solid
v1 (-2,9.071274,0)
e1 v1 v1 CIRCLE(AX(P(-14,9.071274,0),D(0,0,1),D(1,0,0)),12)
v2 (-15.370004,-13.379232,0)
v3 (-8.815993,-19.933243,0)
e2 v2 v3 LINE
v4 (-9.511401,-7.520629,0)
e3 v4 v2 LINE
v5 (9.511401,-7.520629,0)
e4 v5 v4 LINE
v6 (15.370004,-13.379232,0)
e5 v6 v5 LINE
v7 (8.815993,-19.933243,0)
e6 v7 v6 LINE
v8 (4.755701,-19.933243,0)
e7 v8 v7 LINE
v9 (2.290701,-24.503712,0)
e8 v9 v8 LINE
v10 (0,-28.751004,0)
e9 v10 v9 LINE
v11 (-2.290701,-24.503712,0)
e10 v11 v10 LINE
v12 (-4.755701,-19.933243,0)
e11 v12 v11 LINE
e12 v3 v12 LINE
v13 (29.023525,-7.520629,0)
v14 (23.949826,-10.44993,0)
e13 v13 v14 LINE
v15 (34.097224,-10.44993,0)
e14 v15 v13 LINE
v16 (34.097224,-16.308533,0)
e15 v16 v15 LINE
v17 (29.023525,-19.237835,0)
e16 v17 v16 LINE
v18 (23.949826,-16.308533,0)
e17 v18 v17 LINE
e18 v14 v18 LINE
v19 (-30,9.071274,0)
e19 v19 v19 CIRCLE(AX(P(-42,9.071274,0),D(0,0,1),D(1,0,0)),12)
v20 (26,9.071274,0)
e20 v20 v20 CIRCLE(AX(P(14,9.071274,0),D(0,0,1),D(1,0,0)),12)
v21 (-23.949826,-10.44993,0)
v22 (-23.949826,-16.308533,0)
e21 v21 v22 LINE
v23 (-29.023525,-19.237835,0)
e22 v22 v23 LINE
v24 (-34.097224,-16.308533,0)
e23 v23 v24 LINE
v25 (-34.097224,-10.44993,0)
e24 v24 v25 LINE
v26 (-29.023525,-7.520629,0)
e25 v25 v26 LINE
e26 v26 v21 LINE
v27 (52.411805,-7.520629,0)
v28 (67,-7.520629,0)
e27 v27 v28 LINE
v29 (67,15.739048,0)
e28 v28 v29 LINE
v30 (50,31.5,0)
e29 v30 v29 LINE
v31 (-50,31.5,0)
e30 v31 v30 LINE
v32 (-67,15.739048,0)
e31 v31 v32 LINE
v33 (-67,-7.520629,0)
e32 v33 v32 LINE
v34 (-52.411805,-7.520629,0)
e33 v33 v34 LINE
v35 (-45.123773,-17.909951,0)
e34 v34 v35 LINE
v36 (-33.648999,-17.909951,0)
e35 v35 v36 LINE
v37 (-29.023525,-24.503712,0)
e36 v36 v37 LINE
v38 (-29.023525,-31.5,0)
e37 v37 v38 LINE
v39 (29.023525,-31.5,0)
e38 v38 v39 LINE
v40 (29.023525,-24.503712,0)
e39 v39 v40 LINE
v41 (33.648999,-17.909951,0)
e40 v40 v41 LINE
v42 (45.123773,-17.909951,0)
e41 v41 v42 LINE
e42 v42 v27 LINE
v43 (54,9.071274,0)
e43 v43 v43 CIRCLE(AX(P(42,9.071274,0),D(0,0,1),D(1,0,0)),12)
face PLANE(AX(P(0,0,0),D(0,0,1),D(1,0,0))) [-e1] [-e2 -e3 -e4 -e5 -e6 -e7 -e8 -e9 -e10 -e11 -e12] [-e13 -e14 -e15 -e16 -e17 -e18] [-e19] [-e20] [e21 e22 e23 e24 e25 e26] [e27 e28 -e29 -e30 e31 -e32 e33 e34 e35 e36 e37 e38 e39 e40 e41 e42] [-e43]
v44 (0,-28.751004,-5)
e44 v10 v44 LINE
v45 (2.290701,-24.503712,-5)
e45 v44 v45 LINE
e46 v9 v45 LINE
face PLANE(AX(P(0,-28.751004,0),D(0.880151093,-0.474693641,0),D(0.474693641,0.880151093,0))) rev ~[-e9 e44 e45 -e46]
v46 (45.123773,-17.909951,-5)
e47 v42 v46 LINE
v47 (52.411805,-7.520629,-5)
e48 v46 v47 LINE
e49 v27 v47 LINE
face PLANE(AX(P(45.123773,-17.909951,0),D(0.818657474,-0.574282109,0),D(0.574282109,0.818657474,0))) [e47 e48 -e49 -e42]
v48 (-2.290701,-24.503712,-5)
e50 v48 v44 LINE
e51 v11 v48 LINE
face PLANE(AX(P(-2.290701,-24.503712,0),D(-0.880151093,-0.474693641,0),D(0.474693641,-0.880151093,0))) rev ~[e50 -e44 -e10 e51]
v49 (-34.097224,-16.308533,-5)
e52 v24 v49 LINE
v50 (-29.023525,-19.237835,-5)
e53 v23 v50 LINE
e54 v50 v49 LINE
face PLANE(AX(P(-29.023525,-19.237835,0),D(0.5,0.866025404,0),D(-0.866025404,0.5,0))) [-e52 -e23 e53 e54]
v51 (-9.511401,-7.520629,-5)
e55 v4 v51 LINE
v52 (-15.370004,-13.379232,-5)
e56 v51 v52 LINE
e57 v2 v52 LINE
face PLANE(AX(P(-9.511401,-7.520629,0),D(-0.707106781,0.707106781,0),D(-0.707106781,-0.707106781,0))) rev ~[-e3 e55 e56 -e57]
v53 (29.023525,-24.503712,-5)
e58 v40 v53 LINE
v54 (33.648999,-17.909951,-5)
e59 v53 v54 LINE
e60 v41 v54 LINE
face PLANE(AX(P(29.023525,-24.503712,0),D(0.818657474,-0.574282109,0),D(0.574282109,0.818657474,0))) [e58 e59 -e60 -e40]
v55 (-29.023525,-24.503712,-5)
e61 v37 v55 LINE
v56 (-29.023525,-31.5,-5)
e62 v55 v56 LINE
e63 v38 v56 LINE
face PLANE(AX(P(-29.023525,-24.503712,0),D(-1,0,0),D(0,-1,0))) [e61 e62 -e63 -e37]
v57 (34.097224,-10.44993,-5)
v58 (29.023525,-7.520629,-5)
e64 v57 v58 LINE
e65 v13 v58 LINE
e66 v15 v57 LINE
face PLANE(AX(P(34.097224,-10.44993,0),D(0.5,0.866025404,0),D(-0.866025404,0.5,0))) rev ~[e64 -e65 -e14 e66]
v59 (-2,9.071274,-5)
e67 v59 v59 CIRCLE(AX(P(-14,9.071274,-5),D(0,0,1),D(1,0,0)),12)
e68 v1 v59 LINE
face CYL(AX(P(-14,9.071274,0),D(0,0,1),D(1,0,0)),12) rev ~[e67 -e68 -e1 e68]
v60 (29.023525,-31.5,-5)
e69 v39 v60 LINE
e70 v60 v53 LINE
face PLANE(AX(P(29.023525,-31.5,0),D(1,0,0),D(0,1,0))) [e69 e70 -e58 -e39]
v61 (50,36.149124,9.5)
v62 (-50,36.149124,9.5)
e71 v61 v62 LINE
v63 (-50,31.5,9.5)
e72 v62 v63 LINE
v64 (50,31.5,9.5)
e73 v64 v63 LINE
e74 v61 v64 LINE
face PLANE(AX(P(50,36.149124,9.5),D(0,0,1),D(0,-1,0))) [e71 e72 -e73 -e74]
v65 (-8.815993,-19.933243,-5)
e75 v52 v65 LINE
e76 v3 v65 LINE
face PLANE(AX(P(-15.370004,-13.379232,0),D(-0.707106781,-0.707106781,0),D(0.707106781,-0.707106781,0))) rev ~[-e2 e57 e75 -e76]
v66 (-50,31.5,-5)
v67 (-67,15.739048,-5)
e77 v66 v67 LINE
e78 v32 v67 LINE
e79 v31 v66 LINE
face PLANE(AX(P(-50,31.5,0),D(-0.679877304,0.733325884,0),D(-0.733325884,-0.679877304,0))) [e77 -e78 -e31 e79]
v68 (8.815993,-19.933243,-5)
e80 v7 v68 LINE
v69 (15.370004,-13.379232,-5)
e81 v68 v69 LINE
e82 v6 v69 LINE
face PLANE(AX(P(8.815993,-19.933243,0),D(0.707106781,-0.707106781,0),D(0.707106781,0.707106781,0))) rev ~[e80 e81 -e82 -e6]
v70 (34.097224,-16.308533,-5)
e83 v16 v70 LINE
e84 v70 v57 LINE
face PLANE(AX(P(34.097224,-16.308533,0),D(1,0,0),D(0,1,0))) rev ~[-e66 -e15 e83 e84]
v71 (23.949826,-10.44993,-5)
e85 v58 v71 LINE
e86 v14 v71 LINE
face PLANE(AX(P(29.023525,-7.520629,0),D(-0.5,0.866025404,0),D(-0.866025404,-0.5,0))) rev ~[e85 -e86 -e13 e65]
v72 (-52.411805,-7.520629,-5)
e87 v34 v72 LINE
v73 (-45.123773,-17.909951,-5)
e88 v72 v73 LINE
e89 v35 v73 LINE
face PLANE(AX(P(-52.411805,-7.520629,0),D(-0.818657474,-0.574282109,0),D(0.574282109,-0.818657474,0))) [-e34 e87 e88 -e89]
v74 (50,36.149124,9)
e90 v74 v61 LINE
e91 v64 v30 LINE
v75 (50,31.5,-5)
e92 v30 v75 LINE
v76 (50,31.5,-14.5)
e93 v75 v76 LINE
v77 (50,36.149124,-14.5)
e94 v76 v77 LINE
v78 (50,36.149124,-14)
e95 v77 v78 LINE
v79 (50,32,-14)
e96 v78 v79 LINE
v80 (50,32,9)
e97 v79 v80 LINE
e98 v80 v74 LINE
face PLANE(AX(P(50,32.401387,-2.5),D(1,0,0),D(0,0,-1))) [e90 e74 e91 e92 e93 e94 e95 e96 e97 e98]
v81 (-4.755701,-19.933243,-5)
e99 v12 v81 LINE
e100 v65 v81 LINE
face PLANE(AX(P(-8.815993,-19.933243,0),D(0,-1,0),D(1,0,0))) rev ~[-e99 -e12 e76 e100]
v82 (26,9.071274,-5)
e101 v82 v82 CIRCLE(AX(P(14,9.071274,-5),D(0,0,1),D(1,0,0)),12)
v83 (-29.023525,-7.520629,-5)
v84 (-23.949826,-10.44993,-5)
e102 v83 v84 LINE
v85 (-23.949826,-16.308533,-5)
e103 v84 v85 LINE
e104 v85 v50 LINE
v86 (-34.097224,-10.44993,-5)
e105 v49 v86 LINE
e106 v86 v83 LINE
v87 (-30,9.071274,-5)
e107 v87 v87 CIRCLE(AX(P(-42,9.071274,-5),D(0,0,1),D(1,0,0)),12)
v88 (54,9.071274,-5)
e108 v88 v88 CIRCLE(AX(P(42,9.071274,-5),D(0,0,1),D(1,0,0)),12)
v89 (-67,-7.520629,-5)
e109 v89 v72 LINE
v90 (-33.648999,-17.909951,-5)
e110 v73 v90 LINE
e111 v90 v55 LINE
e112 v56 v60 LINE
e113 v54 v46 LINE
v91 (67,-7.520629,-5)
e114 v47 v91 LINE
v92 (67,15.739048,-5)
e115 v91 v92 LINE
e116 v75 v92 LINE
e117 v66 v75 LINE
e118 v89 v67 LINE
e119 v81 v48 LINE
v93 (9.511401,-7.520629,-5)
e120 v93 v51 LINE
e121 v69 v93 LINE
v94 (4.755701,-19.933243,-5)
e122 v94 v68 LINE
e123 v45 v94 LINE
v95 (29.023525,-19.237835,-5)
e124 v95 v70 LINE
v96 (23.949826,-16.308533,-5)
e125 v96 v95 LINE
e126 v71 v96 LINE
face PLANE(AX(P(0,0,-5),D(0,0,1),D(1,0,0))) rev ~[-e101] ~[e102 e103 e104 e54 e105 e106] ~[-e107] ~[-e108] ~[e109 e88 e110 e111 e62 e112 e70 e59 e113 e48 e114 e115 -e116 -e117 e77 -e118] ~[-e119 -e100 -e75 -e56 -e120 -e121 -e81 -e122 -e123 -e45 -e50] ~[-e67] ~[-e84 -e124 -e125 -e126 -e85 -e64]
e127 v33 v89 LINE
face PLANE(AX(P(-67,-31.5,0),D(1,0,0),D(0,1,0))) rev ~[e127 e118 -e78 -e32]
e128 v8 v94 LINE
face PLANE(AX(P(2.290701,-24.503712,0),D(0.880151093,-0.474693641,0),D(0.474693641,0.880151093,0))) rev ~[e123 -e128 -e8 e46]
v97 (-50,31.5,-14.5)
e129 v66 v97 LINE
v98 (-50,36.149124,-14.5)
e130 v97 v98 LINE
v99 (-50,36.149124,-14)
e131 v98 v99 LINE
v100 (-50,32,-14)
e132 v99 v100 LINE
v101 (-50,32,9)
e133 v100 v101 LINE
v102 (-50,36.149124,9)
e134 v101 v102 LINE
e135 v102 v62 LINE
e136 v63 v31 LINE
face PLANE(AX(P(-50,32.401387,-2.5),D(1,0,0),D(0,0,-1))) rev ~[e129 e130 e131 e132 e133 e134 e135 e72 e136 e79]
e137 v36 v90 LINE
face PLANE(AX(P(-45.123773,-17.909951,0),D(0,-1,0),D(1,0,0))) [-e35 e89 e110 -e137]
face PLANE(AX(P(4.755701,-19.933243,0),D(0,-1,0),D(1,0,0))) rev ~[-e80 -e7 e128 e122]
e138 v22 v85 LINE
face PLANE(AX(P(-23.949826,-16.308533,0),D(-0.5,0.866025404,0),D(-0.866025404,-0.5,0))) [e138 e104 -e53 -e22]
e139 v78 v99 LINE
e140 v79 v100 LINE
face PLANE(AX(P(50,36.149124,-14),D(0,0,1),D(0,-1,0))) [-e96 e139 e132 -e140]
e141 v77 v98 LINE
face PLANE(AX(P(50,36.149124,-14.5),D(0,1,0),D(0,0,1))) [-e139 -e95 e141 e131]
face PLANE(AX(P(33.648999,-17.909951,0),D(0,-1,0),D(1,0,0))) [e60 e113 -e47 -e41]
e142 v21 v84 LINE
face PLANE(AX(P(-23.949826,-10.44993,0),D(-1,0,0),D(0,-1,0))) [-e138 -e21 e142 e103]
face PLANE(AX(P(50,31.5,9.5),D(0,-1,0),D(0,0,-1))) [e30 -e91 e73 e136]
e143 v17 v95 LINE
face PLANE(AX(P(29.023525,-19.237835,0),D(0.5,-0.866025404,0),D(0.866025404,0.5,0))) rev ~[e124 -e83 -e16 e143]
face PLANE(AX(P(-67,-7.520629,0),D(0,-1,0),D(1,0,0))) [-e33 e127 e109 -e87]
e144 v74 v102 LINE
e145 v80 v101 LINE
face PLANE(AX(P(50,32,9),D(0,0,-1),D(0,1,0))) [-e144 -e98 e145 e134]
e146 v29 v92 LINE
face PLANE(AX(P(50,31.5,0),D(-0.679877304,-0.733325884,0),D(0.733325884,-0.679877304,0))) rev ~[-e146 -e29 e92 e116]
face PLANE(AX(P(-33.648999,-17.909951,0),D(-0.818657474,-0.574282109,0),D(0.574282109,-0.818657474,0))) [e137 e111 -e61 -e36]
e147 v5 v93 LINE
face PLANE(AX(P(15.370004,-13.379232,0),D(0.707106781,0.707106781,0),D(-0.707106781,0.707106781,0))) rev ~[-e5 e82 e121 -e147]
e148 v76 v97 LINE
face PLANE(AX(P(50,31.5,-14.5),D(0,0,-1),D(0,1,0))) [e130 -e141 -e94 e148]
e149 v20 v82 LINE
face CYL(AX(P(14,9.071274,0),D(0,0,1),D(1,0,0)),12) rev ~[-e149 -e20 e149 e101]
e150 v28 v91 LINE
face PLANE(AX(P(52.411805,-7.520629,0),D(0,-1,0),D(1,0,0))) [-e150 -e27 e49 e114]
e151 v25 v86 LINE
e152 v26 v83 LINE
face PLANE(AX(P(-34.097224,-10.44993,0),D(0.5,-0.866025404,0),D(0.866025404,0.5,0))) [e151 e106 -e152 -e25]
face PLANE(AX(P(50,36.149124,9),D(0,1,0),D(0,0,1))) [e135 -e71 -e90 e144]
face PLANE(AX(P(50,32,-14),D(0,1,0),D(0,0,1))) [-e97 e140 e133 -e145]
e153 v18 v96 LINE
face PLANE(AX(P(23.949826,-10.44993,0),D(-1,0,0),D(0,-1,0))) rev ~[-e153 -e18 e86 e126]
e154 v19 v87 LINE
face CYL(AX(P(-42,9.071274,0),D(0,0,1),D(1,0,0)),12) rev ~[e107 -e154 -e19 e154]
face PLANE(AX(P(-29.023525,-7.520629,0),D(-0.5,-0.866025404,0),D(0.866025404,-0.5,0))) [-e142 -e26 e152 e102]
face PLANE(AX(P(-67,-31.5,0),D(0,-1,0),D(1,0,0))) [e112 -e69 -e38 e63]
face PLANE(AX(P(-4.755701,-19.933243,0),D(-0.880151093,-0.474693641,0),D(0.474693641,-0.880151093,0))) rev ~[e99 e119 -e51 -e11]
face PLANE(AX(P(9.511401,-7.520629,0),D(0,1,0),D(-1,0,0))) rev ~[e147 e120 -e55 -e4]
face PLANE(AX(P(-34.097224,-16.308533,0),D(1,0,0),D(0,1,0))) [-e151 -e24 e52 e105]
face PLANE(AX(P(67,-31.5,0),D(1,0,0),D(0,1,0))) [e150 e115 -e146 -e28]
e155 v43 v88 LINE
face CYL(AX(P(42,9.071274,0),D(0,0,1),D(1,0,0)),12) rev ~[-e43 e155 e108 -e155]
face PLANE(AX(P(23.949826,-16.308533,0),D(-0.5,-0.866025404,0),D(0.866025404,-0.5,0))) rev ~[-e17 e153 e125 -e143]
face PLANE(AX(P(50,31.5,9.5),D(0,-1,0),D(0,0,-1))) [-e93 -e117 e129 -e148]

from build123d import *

# Parameters (mm, degrees)
SKETCH1_W           = 134
SKETCH1_H           = 63
BOSS_EXTRUDE1_DEPTH = 5
SKETCH3_R           = 12
CUT_EXTRUDE1_DEPTH  = 10
CUT_EXTRUDE2_DEPTH  = 10
BOSS_EXTRUDE2_DEPTH = 100


with BuildPart() as part:
    # Sketch1 → Boss-Extrude1 (new body)
    with BuildSketch(Plane.XY):
        Rectangle(SKETCH1_W, SKETCH1_H)
    extrude(amount=-BOSS_EXTRUDE1_DEPTH)

    # Sketch3 → Cut-Extrude1 (cut)
    with BuildSketch(Plane.XY):
        with Locations((-42, 9.071273883)):
            Circle(SKETCH3_R)
        with Locations((-14, 9.071273883)):
            Circle(SKETCH3_R)
        with Locations((14, 9.071273883)):
            Circle(SKETCH3_R)
        with Locations((42, 9.071273883)):
            Circle(SKETCH3_R)
    extrude(amount=-CUT_EXTRUDE1_DEPTH, mode=Mode.SUBTRACT)

    # Sketch4 → Cut-Extrude2 (cut)
    with BuildSketch(Plane.XY):
        Polygon((-67, -7.520628775), (-52.411804658, -7.520628775), (-45.12377265, -17.909951), (-33.648998849, -17.909951), (-29.023524966, -24.503711642), (-29.023524966, -31.5), (-67, -31.5), align=None)
        Polygon((67, -7.520628775), (67, -31.5), (29.023524966, -31.5), (29.023524966, -24.503711642), (33.648998849, -17.909951), (45.12377265, -17.909951), (52.411804658, -7.520628775), align=None)
        Polygon((-50, 31.5), (-67, 15.739047849), (-67, 31.5), align=None)
        Polygon((67, 15.739047849), (67, 31.5), (50, 31.5), align=None)
        Polygon((9.511401459, -7.520628775), (-9.511401459, -7.520628775), (-15.370004361, -13.379231677), (-8.815992906, -19.933243133), (-4.75570073, -19.933243133), (-2.290700849, -24.503711642), (0, -28.751004381), (2.290700849, -24.503711642), (4.75570073, -19.933243133), (8.815992906, -19.933243133), (15.370004361, -13.379231677), align=None)
        Polygon((-34.097223909, -10.449930226), (-29.023524966, -7.520628775), (-23.949826022, -10.449930226), (-23.949826022, -16.308533128), (-29.023524966, -19.237834579), (-34.097223909, -16.308533128), align=None)
        Polygon((29.023524966, -7.520628775), (23.949826022, -10.449930226), (23.949826022, -16.308533128), (29.023524966, -19.237834579), (34.097223909, -16.308533128), (34.097223909, -10.449930226), align=None)
    extrude(amount=-CUT_EXTRUDE2_DEPTH, mode=Mode.SUBTRACT)

    # Sketch5 → Boss-Extrude2 (add)
    with BuildSketch(Plane(origin=(50, 0, 0), x_dir=(0, 0, -1), z_dir=(1, 0, 0))):
        Polygon((-9.5, 31.5), (14.5, 31.5), (14.5, 36.149124197), (14, 36.149124197), (14, 32), (-9, 32), (-9, 36.149124197), (-9.5, 36.149124197), align=None)
    extrude(amount=-BOSS_EXTRUDE2_DEPTH)


solid = part.part
